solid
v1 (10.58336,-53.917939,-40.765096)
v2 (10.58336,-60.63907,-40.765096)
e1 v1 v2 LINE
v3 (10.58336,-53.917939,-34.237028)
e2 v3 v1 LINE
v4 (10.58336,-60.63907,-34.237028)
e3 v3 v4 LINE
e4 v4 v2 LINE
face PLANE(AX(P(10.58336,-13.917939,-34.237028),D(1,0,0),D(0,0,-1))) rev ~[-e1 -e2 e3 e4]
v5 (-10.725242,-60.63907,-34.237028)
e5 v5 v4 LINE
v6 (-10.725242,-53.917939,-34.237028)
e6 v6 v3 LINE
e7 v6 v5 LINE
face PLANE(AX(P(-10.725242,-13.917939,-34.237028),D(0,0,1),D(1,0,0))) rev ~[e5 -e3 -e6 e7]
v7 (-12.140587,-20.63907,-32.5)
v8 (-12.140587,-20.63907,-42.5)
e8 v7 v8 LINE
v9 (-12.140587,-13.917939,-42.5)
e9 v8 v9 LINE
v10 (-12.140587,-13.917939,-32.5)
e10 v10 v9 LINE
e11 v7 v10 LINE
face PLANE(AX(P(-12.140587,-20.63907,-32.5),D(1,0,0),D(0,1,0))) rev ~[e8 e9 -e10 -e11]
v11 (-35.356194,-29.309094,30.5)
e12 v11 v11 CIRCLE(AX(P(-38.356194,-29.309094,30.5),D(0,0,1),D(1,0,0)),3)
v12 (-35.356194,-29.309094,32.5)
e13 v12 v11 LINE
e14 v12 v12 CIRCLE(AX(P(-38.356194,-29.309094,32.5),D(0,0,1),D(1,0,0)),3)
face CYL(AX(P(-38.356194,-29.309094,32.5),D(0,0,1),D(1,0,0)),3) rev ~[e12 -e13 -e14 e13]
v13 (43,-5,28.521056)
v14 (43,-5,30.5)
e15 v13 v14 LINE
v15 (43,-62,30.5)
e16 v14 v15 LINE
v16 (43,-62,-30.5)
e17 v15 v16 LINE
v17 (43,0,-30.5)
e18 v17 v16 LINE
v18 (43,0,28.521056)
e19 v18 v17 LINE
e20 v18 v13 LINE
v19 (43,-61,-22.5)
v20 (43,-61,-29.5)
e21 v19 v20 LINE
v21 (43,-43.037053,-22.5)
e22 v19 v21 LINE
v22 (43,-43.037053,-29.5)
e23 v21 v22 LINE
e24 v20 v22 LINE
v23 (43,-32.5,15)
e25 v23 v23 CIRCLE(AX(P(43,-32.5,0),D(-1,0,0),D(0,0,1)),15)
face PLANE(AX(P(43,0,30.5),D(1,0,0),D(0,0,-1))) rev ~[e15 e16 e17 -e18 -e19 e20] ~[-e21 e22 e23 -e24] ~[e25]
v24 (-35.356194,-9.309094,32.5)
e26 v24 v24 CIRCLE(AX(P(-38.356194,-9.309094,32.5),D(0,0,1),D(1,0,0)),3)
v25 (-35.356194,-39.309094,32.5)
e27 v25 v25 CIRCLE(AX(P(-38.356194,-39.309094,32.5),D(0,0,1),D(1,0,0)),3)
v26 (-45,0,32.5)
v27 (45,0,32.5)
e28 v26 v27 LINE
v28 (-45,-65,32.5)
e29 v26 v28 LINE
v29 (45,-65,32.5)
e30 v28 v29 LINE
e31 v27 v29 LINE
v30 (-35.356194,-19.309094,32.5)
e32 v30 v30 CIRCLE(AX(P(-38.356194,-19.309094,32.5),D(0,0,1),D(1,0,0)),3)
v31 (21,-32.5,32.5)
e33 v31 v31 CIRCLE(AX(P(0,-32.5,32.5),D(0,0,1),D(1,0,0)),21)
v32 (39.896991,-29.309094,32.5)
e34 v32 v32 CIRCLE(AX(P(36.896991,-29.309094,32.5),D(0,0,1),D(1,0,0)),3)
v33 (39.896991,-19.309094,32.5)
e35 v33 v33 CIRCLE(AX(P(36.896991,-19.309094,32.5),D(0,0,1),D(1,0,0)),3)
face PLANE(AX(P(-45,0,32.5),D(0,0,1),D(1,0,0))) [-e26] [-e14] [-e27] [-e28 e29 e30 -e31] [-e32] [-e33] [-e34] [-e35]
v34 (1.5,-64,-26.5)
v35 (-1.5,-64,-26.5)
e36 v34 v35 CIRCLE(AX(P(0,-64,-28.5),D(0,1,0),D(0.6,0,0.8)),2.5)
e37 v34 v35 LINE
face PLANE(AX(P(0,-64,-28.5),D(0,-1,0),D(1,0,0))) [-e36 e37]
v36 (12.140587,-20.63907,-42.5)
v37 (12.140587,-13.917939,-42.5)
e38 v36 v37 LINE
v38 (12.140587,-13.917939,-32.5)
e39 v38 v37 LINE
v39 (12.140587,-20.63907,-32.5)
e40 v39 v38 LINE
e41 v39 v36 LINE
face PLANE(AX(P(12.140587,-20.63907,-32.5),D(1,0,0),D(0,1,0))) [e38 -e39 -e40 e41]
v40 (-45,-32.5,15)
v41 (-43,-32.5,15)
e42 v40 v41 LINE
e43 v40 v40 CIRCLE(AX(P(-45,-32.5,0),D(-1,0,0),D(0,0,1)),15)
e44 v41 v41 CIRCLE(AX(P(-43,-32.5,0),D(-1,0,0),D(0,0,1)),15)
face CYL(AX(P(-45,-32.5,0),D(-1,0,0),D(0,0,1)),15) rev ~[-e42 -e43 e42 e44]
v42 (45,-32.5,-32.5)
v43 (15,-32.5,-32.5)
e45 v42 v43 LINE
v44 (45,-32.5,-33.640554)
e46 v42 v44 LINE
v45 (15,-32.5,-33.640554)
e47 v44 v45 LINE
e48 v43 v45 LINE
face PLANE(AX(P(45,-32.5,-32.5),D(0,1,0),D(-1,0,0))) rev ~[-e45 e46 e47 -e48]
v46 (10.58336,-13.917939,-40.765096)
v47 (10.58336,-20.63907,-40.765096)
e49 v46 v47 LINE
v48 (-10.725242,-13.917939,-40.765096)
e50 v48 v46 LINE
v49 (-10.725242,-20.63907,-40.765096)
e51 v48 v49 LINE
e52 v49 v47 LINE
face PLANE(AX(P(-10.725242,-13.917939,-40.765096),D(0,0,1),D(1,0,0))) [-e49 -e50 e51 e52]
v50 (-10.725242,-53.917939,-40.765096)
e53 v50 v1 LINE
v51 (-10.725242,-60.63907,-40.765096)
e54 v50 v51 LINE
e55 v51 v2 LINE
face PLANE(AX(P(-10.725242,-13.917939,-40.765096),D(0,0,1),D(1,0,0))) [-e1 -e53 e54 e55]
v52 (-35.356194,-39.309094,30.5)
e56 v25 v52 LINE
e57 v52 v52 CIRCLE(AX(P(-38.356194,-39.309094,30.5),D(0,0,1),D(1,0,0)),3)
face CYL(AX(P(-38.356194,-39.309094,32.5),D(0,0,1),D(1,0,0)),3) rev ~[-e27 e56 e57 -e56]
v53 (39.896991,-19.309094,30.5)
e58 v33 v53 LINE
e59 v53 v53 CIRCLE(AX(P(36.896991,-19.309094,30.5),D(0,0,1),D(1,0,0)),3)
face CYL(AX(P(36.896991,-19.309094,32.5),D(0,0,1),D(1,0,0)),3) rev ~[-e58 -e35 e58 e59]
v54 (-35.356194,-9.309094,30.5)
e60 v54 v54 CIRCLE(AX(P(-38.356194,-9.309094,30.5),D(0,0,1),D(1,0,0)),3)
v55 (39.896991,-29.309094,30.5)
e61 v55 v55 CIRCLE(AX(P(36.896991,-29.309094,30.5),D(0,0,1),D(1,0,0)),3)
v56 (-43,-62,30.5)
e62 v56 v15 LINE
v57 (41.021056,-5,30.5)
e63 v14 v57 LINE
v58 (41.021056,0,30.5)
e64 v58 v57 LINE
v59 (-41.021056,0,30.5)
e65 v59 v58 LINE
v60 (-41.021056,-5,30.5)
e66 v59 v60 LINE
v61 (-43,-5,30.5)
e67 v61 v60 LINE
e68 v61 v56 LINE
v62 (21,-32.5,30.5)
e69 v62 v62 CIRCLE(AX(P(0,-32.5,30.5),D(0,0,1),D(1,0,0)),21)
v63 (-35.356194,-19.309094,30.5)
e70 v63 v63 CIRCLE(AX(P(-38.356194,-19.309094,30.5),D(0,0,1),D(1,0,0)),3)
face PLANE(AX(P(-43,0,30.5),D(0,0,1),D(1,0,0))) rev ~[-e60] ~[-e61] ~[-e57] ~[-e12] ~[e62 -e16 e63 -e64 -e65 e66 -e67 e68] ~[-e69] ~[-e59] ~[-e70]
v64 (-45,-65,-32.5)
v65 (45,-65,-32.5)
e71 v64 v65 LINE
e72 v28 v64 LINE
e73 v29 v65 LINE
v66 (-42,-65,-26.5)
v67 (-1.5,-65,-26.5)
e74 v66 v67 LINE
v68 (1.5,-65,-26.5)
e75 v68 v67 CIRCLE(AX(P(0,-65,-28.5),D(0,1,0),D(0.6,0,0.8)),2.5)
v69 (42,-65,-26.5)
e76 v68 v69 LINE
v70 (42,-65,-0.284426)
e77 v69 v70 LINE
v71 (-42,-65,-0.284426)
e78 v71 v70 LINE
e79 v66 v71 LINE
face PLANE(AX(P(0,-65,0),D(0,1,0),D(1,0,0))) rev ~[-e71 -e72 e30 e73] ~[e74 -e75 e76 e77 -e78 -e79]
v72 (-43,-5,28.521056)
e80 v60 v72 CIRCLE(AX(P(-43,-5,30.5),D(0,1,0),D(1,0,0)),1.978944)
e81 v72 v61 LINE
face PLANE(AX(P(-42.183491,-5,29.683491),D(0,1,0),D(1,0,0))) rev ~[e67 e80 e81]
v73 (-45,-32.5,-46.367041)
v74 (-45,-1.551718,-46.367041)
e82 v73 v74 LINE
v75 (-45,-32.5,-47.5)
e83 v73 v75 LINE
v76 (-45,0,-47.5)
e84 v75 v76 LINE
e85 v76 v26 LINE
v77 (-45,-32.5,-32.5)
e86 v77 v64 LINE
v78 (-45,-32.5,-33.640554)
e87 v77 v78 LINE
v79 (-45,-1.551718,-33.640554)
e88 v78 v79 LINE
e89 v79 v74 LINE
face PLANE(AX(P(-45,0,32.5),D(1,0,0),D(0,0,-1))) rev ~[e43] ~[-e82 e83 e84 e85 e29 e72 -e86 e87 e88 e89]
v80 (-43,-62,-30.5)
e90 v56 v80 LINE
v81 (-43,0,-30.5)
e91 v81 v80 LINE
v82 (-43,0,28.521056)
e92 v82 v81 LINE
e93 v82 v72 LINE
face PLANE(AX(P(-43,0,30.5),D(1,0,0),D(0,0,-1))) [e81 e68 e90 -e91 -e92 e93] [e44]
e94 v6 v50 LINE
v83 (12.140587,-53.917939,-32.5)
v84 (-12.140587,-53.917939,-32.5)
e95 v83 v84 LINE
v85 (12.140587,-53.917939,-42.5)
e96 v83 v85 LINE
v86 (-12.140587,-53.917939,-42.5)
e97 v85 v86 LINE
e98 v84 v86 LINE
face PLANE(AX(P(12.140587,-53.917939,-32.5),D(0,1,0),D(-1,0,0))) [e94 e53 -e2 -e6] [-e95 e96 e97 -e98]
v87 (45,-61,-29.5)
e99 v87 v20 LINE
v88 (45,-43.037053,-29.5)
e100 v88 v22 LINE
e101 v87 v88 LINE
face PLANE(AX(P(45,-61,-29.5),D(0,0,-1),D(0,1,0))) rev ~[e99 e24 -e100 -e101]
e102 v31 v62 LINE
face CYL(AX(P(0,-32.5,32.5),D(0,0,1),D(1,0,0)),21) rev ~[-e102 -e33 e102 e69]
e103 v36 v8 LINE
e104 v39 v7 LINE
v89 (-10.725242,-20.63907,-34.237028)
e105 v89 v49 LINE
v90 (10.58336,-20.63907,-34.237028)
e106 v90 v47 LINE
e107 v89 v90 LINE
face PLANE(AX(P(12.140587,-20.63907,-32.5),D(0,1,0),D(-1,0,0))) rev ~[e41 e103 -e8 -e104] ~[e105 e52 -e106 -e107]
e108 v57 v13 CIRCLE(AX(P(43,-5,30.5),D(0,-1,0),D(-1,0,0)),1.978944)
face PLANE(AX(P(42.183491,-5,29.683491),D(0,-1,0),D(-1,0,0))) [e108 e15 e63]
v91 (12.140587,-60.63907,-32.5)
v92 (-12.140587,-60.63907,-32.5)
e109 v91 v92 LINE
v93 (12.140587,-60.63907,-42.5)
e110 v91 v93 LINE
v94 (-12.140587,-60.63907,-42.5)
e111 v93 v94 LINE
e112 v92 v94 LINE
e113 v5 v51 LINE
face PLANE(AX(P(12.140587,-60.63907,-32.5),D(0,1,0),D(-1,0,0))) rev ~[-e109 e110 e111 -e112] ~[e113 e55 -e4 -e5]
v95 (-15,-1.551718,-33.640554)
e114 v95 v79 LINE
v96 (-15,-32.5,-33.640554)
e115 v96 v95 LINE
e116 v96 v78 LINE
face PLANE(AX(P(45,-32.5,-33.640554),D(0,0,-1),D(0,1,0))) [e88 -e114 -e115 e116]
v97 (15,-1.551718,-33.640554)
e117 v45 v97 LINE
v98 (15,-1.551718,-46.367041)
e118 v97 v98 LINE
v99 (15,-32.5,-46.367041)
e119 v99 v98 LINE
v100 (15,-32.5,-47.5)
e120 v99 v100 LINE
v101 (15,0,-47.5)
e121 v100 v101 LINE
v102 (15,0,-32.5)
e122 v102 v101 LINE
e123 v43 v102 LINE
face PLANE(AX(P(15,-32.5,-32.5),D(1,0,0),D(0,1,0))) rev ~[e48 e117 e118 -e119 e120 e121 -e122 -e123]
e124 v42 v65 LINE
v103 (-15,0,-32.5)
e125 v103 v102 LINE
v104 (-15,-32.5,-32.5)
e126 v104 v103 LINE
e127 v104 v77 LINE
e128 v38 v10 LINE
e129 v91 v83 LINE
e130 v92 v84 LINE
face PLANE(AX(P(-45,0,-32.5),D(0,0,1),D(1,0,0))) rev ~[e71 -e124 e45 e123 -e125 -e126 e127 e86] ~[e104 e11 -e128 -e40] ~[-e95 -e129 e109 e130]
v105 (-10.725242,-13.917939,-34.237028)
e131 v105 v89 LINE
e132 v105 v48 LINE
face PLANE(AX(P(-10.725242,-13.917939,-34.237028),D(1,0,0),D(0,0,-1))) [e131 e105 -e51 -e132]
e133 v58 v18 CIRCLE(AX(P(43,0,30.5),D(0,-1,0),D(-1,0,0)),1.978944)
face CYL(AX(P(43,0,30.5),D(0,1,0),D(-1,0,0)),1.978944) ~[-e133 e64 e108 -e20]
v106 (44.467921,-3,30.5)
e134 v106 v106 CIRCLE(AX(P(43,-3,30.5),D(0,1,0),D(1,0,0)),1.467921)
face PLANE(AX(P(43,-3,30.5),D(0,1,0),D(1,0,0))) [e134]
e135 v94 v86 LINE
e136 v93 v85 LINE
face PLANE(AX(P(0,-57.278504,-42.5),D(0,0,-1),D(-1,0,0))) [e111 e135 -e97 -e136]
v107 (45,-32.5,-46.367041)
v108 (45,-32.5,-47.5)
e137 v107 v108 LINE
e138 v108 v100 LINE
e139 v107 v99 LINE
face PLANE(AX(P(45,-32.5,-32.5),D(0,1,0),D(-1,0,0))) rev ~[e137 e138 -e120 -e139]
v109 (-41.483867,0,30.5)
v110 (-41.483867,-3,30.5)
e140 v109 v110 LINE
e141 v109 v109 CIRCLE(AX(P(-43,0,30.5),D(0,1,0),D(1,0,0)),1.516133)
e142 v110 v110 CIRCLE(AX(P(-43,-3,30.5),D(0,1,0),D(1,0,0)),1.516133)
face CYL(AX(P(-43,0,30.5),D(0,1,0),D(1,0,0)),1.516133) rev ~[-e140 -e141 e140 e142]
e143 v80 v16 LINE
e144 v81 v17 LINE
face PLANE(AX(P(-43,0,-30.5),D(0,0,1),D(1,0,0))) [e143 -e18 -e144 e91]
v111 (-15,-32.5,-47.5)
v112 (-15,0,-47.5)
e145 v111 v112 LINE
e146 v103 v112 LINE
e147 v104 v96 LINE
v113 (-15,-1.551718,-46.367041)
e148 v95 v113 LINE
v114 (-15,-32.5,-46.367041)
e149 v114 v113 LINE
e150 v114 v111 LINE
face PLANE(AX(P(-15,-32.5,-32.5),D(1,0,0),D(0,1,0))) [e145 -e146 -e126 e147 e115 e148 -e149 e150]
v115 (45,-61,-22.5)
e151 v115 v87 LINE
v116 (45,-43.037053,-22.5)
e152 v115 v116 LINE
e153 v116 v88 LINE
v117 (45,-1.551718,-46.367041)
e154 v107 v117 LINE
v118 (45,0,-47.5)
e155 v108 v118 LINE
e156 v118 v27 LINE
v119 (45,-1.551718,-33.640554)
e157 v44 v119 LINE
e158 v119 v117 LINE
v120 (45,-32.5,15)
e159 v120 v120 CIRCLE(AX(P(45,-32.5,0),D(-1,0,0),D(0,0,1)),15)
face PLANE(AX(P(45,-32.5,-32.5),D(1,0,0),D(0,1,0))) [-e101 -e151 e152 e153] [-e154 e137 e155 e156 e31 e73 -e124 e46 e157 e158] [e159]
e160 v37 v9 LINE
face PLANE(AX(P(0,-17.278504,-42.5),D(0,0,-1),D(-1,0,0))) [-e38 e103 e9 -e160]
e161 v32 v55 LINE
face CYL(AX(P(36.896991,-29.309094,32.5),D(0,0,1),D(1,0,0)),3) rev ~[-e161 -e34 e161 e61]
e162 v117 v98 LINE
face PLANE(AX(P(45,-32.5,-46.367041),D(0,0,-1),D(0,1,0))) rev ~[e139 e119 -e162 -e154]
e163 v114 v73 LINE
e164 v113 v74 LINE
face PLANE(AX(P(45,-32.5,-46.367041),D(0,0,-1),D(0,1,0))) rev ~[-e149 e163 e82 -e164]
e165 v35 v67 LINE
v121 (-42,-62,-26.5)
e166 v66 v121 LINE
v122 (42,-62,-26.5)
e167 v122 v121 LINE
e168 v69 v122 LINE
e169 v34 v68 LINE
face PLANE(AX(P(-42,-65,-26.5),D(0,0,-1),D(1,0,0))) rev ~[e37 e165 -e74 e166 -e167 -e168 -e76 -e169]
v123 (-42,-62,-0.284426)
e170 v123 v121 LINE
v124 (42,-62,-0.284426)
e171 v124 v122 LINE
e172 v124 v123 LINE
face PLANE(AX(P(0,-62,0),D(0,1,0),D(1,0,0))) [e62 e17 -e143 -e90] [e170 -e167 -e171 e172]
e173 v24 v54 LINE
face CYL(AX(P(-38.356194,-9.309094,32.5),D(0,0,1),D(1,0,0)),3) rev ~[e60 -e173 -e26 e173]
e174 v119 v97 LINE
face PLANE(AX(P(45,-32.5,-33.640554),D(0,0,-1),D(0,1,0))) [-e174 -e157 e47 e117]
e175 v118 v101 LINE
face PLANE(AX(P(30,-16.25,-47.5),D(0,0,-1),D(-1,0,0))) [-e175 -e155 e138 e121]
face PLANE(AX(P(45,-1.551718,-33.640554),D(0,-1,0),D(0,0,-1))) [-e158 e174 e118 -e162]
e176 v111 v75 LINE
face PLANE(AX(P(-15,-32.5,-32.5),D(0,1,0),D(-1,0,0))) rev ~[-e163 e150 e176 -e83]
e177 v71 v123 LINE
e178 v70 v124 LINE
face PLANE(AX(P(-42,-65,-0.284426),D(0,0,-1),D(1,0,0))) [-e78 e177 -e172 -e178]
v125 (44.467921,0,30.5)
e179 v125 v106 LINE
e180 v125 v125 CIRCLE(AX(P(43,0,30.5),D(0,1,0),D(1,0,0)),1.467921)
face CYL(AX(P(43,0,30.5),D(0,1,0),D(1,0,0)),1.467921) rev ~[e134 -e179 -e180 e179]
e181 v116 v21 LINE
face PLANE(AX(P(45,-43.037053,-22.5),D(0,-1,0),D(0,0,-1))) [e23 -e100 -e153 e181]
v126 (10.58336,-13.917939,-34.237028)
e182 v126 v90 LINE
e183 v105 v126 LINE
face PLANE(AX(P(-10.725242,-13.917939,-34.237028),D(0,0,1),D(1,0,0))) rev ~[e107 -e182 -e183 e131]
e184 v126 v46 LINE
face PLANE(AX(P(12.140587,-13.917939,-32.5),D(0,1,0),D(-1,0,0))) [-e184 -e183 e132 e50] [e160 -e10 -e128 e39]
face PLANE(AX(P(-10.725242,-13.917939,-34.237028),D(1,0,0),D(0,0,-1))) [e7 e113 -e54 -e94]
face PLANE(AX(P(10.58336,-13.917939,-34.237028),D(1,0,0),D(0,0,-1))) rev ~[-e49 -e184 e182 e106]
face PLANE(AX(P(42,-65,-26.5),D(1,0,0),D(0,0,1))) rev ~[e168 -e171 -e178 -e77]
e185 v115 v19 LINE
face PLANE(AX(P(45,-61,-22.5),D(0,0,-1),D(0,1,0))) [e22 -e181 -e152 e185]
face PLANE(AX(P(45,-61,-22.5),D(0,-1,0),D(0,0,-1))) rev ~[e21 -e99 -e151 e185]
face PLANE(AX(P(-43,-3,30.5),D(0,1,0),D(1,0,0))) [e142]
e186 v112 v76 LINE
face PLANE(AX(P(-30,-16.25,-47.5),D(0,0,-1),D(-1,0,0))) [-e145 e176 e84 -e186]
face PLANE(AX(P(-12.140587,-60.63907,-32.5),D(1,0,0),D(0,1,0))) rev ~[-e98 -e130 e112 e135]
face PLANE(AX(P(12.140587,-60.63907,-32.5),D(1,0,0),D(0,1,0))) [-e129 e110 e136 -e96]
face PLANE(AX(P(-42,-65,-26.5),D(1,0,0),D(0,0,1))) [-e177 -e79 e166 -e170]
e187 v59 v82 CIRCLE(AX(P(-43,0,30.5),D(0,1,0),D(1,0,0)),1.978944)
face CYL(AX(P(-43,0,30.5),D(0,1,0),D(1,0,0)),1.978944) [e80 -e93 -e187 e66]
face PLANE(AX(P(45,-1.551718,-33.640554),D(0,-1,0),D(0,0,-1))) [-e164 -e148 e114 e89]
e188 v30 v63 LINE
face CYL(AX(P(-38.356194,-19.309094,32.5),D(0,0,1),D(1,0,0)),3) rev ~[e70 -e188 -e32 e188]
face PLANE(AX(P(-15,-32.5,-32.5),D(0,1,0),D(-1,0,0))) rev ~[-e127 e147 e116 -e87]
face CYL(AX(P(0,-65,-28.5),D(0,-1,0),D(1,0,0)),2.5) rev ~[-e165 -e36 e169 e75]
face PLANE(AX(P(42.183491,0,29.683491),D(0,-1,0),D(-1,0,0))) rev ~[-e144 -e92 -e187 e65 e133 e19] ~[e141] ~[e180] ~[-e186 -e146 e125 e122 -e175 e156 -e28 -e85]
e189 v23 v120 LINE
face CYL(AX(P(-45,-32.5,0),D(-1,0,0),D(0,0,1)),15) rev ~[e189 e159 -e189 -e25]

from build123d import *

# Parameters (mm, degrees)
SKETCH7_W           = 90
SKETCH7_H           = 65
BOSS_EXTRUDE2_DEPTH = 65
SKETCH10_W          = 86
SKETCH10_H          = 61
CUT_EXTRUDE2_DEPTH  = 62
SKETCH12_R          = 15
CUT_EXTRUDE3_DEPTH  = 91
SKETCH13_R          = 21
SKETCH13_R_2        = 3
CUT_EXTRUDE4_DEPTH  = 2
SKETCH14_W          = 7
SKETCH14_H          = 17.962946586
CUT_EXTRUDE5_DEPTH  = 5
SKETCH15_W          = 84
SKETCH15_H          = 26.21557427
CUT_EXTRUDE6_DEPTH  = 5
SKETCH17_W          = 30
SKETCH17_H          = 32.5
BOSS_EXTRUDE3_DEPTH = 15
SKETCH18_W          = 12.726486876
SKETCH18_H          = 30.948281703
CUT_EXTRUDE7_DEPTH  = 91
SKETCH20_W          = 24.28117476
SKETCH20_H          = 6.721130416
BOSS_EXTRUDE4_DEPTH = 10
SKETCH21_W          = 21.308601662
SKETCH21_H          = 6.528068718
CUT_EXTRUDE9_DEPTH  = 52.082060801
BOSS_EXTRUDE5_DEPTH = 5
SKETCH24_R          = 1.516132664
SKETCH24_R_2        = 1.46792115
CUT_EXTRUDE10_DEPTH = 3
SKETCH25_R          = 2.5
CUT_EXTRUDE11_DEPTH = 1


with BuildPart() as part:
    # Sketch7 → Boss-Extrude2 (new body)
    with BuildSketch(Plane(origin=(0, 0, 0), x_dir=(1, 0, 0), z_dir=(0, 1, 0))):
        Rectangle(SKETCH7_W, SKETCH7_H)
    extrude(amount=-BOSS_EXTRUDE2_DEPTH)

    # Sketch10 → Cut-Extrude2 (cut)
    with BuildSketch(Plane(origin=(0, 0, 0), x_dir=(1, 0, 0), z_dir=(0, 1, 0))):
        Rectangle(SKETCH10_W, SKETCH10_H)
    extrude(amount=-CUT_EXTRUDE2_DEPTH, mode=Mode.SUBTRACT)

    # Sketch12 → Cut-Extrude3 (cut, through all)
    with BuildSketch(Plane.ZY.offset(45)):
        with Locations((0, -32.5)):
            Circle(SKETCH12_R)
    extrude(amount=-CUT_EXTRUDE3_DEPTH, mode=Mode.SUBTRACT)

    # Sketch13 → Cut-Extrude4 (cut)
    with BuildSketch(Plane.XY.offset(32.5)):
        with Locations((0, -32.5)):
            Circle(SKETCH13_R)
        with Locations((-38.356194479, -9.309094371)):
            Circle(SKETCH13_R_2)
        with Locations((-38.356194479, -19.309094371)):
            Circle(SKETCH13_R_2)
        with Locations((-38.356194479, -29.309094371)):
            Circle(SKETCH13_R_2)
        with Locations((-38.356194479, -39.309094371)):
            Circle(SKETCH13_R_2)
        with Locations((36.896991428, -19.309094371)):
            Circle(SKETCH13_R_2)
        with Locations((36.896991428, -29.309094371)):
            Circle(SKETCH13_R_2)
    extrude(amount=-CUT_EXTRUDE4_DEPTH, mode=Mode.SUBTRACT)

    # Sketch14 → Cut-Extrude5 (cut)
    with BuildSketch(Plane(origin=(45, 0, 0), x_dir=(0, 0, -1), z_dir=(1, 0, 0))):
        with Locations((26, -52.018526707)):
            Rectangle(SKETCH14_W, SKETCH14_H)
    extrude(amount=-CUT_EXTRUDE5_DEPTH, mode=Mode.SUBTRACT)

    # Sketch15 → Cut-Extrude6 (cut)
    with BuildSketch(Plane.XZ.offset(65)):
        with Locations((0, -13.392212865)):
            Rectangle(SKETCH15_W, SKETCH15_H)
    extrude(amount=-CUT_EXTRUDE6_DEPTH, mode=Mode.SUBTRACT)

    # Sketch17 → Boss-Extrude3 (add)
    with BuildSketch(Plane(origin=(0, 0, -32.5), x_dir=(-1, 0, 0), z_dir=(0, 0, -1))):
        with Locations((-30, -16.25)):
            Rectangle(SKETCH17_W, SKETCH17_H)
        with Locations((30, -16.25)):
            Rectangle(SKETCH17_W, SKETCH17_H)
    extrude(amount=BOSS_EXTRUDE3_DEPTH)

    # Sketch18 → Cut-Extrude7 (cut, through all)
    with BuildSketch(Plane(origin=(45, 0, 0), x_dir=(0, 0, -1), z_dir=(1, 0, 0))):
        with Locations((40.003797932, -17.025859149)):
            Rectangle(SKETCH18_W, SKETCH18_H)
    extrude(amount=-CUT_EXTRUDE7_DEPTH, mode=Mode.SUBTRACT)

    # Sketch20 → Boss-Extrude4 (add)
    with BuildSketch(Plane(origin=(0, 0, -32.5), x_dir=(-1, 0, 0), z_dir=(0, 0, -1))):
        with Locations((0, -57.278504407)):
            Rectangle(SKETCH20_W, SKETCH20_H)
        with Locations((0, -17.278504407)):
            Rectangle(SKETCH20_W, SKETCH20_H)
    extrude(amount=BOSS_EXTRUDE4_DEPTH)

    # Sketch21 → Cut-Extrude9 (cut, through all)
    with BuildSketch(Plane(origin=(0, -13.917939199, 0), x_dir=(1, 0, 0), z_dir=(0, 1, 0))):
        with Locations((-0.070940944, 37.501061987)):
            Rectangle(SKETCH21_W, SKETCH21_H)
    extrude(amount=-CUT_EXTRUDE9_DEPTH, mode=Mode.SUBTRACT)

    # Sketch23 → Boss-Extrude5 (add)
    with BuildSketch(Plane(origin=(0, 0, 0), x_dir=(1, 0, 0), z_dir=(0, 1, 0))):
        with BuildLine():
            Line((43, -28.521055724), (43, -30.5))
            Line((43, -30.5), (41.021055724, -30.5))
            ThreePointArc((41.021055724, -30.5), (41.600675083, -29.100675083), (43, -28.521055724))
        make_face()
        with BuildLine():
            Line((-43, -28.521055724), (-43, -30.5))
            Line((-43, -30.5), (-41.021055724, -30.5))
            ThreePointArc((-41.021055724, -30.5), (-41.600675083, -29.100675083), (-43, -28.521055724))
        make_face()
    extrude(amount=-BOSS_EXTRUDE5_DEPTH)

    # Sketch24 → Cut-Extrude10 (cut)
    with BuildSketch(Plane(origin=(0, 0, 0), x_dir=(1, 0, 0), z_dir=(0, 1, 0))):
        with Locations((-43, -30.5)):
            Circle(SKETCH24_R)
        with Locations((43, -30.5)):
            Circle(SKETCH24_R_2)
    extrude(amount=-CUT_EXTRUDE10_DEPTH, mode=Mode.SUBTRACT)

    # Sketch25 → Cut-Extrude11 (cut)
    with BuildSketch(Plane.XZ.offset(65)):
        with Locations((0, -28.5)):
            Circle(SKETCH25_R)
    extrude(amount=-CUT_EXTRUDE11_DEPTH, mode=Mode.SUBTRACT)


solid = part.part
